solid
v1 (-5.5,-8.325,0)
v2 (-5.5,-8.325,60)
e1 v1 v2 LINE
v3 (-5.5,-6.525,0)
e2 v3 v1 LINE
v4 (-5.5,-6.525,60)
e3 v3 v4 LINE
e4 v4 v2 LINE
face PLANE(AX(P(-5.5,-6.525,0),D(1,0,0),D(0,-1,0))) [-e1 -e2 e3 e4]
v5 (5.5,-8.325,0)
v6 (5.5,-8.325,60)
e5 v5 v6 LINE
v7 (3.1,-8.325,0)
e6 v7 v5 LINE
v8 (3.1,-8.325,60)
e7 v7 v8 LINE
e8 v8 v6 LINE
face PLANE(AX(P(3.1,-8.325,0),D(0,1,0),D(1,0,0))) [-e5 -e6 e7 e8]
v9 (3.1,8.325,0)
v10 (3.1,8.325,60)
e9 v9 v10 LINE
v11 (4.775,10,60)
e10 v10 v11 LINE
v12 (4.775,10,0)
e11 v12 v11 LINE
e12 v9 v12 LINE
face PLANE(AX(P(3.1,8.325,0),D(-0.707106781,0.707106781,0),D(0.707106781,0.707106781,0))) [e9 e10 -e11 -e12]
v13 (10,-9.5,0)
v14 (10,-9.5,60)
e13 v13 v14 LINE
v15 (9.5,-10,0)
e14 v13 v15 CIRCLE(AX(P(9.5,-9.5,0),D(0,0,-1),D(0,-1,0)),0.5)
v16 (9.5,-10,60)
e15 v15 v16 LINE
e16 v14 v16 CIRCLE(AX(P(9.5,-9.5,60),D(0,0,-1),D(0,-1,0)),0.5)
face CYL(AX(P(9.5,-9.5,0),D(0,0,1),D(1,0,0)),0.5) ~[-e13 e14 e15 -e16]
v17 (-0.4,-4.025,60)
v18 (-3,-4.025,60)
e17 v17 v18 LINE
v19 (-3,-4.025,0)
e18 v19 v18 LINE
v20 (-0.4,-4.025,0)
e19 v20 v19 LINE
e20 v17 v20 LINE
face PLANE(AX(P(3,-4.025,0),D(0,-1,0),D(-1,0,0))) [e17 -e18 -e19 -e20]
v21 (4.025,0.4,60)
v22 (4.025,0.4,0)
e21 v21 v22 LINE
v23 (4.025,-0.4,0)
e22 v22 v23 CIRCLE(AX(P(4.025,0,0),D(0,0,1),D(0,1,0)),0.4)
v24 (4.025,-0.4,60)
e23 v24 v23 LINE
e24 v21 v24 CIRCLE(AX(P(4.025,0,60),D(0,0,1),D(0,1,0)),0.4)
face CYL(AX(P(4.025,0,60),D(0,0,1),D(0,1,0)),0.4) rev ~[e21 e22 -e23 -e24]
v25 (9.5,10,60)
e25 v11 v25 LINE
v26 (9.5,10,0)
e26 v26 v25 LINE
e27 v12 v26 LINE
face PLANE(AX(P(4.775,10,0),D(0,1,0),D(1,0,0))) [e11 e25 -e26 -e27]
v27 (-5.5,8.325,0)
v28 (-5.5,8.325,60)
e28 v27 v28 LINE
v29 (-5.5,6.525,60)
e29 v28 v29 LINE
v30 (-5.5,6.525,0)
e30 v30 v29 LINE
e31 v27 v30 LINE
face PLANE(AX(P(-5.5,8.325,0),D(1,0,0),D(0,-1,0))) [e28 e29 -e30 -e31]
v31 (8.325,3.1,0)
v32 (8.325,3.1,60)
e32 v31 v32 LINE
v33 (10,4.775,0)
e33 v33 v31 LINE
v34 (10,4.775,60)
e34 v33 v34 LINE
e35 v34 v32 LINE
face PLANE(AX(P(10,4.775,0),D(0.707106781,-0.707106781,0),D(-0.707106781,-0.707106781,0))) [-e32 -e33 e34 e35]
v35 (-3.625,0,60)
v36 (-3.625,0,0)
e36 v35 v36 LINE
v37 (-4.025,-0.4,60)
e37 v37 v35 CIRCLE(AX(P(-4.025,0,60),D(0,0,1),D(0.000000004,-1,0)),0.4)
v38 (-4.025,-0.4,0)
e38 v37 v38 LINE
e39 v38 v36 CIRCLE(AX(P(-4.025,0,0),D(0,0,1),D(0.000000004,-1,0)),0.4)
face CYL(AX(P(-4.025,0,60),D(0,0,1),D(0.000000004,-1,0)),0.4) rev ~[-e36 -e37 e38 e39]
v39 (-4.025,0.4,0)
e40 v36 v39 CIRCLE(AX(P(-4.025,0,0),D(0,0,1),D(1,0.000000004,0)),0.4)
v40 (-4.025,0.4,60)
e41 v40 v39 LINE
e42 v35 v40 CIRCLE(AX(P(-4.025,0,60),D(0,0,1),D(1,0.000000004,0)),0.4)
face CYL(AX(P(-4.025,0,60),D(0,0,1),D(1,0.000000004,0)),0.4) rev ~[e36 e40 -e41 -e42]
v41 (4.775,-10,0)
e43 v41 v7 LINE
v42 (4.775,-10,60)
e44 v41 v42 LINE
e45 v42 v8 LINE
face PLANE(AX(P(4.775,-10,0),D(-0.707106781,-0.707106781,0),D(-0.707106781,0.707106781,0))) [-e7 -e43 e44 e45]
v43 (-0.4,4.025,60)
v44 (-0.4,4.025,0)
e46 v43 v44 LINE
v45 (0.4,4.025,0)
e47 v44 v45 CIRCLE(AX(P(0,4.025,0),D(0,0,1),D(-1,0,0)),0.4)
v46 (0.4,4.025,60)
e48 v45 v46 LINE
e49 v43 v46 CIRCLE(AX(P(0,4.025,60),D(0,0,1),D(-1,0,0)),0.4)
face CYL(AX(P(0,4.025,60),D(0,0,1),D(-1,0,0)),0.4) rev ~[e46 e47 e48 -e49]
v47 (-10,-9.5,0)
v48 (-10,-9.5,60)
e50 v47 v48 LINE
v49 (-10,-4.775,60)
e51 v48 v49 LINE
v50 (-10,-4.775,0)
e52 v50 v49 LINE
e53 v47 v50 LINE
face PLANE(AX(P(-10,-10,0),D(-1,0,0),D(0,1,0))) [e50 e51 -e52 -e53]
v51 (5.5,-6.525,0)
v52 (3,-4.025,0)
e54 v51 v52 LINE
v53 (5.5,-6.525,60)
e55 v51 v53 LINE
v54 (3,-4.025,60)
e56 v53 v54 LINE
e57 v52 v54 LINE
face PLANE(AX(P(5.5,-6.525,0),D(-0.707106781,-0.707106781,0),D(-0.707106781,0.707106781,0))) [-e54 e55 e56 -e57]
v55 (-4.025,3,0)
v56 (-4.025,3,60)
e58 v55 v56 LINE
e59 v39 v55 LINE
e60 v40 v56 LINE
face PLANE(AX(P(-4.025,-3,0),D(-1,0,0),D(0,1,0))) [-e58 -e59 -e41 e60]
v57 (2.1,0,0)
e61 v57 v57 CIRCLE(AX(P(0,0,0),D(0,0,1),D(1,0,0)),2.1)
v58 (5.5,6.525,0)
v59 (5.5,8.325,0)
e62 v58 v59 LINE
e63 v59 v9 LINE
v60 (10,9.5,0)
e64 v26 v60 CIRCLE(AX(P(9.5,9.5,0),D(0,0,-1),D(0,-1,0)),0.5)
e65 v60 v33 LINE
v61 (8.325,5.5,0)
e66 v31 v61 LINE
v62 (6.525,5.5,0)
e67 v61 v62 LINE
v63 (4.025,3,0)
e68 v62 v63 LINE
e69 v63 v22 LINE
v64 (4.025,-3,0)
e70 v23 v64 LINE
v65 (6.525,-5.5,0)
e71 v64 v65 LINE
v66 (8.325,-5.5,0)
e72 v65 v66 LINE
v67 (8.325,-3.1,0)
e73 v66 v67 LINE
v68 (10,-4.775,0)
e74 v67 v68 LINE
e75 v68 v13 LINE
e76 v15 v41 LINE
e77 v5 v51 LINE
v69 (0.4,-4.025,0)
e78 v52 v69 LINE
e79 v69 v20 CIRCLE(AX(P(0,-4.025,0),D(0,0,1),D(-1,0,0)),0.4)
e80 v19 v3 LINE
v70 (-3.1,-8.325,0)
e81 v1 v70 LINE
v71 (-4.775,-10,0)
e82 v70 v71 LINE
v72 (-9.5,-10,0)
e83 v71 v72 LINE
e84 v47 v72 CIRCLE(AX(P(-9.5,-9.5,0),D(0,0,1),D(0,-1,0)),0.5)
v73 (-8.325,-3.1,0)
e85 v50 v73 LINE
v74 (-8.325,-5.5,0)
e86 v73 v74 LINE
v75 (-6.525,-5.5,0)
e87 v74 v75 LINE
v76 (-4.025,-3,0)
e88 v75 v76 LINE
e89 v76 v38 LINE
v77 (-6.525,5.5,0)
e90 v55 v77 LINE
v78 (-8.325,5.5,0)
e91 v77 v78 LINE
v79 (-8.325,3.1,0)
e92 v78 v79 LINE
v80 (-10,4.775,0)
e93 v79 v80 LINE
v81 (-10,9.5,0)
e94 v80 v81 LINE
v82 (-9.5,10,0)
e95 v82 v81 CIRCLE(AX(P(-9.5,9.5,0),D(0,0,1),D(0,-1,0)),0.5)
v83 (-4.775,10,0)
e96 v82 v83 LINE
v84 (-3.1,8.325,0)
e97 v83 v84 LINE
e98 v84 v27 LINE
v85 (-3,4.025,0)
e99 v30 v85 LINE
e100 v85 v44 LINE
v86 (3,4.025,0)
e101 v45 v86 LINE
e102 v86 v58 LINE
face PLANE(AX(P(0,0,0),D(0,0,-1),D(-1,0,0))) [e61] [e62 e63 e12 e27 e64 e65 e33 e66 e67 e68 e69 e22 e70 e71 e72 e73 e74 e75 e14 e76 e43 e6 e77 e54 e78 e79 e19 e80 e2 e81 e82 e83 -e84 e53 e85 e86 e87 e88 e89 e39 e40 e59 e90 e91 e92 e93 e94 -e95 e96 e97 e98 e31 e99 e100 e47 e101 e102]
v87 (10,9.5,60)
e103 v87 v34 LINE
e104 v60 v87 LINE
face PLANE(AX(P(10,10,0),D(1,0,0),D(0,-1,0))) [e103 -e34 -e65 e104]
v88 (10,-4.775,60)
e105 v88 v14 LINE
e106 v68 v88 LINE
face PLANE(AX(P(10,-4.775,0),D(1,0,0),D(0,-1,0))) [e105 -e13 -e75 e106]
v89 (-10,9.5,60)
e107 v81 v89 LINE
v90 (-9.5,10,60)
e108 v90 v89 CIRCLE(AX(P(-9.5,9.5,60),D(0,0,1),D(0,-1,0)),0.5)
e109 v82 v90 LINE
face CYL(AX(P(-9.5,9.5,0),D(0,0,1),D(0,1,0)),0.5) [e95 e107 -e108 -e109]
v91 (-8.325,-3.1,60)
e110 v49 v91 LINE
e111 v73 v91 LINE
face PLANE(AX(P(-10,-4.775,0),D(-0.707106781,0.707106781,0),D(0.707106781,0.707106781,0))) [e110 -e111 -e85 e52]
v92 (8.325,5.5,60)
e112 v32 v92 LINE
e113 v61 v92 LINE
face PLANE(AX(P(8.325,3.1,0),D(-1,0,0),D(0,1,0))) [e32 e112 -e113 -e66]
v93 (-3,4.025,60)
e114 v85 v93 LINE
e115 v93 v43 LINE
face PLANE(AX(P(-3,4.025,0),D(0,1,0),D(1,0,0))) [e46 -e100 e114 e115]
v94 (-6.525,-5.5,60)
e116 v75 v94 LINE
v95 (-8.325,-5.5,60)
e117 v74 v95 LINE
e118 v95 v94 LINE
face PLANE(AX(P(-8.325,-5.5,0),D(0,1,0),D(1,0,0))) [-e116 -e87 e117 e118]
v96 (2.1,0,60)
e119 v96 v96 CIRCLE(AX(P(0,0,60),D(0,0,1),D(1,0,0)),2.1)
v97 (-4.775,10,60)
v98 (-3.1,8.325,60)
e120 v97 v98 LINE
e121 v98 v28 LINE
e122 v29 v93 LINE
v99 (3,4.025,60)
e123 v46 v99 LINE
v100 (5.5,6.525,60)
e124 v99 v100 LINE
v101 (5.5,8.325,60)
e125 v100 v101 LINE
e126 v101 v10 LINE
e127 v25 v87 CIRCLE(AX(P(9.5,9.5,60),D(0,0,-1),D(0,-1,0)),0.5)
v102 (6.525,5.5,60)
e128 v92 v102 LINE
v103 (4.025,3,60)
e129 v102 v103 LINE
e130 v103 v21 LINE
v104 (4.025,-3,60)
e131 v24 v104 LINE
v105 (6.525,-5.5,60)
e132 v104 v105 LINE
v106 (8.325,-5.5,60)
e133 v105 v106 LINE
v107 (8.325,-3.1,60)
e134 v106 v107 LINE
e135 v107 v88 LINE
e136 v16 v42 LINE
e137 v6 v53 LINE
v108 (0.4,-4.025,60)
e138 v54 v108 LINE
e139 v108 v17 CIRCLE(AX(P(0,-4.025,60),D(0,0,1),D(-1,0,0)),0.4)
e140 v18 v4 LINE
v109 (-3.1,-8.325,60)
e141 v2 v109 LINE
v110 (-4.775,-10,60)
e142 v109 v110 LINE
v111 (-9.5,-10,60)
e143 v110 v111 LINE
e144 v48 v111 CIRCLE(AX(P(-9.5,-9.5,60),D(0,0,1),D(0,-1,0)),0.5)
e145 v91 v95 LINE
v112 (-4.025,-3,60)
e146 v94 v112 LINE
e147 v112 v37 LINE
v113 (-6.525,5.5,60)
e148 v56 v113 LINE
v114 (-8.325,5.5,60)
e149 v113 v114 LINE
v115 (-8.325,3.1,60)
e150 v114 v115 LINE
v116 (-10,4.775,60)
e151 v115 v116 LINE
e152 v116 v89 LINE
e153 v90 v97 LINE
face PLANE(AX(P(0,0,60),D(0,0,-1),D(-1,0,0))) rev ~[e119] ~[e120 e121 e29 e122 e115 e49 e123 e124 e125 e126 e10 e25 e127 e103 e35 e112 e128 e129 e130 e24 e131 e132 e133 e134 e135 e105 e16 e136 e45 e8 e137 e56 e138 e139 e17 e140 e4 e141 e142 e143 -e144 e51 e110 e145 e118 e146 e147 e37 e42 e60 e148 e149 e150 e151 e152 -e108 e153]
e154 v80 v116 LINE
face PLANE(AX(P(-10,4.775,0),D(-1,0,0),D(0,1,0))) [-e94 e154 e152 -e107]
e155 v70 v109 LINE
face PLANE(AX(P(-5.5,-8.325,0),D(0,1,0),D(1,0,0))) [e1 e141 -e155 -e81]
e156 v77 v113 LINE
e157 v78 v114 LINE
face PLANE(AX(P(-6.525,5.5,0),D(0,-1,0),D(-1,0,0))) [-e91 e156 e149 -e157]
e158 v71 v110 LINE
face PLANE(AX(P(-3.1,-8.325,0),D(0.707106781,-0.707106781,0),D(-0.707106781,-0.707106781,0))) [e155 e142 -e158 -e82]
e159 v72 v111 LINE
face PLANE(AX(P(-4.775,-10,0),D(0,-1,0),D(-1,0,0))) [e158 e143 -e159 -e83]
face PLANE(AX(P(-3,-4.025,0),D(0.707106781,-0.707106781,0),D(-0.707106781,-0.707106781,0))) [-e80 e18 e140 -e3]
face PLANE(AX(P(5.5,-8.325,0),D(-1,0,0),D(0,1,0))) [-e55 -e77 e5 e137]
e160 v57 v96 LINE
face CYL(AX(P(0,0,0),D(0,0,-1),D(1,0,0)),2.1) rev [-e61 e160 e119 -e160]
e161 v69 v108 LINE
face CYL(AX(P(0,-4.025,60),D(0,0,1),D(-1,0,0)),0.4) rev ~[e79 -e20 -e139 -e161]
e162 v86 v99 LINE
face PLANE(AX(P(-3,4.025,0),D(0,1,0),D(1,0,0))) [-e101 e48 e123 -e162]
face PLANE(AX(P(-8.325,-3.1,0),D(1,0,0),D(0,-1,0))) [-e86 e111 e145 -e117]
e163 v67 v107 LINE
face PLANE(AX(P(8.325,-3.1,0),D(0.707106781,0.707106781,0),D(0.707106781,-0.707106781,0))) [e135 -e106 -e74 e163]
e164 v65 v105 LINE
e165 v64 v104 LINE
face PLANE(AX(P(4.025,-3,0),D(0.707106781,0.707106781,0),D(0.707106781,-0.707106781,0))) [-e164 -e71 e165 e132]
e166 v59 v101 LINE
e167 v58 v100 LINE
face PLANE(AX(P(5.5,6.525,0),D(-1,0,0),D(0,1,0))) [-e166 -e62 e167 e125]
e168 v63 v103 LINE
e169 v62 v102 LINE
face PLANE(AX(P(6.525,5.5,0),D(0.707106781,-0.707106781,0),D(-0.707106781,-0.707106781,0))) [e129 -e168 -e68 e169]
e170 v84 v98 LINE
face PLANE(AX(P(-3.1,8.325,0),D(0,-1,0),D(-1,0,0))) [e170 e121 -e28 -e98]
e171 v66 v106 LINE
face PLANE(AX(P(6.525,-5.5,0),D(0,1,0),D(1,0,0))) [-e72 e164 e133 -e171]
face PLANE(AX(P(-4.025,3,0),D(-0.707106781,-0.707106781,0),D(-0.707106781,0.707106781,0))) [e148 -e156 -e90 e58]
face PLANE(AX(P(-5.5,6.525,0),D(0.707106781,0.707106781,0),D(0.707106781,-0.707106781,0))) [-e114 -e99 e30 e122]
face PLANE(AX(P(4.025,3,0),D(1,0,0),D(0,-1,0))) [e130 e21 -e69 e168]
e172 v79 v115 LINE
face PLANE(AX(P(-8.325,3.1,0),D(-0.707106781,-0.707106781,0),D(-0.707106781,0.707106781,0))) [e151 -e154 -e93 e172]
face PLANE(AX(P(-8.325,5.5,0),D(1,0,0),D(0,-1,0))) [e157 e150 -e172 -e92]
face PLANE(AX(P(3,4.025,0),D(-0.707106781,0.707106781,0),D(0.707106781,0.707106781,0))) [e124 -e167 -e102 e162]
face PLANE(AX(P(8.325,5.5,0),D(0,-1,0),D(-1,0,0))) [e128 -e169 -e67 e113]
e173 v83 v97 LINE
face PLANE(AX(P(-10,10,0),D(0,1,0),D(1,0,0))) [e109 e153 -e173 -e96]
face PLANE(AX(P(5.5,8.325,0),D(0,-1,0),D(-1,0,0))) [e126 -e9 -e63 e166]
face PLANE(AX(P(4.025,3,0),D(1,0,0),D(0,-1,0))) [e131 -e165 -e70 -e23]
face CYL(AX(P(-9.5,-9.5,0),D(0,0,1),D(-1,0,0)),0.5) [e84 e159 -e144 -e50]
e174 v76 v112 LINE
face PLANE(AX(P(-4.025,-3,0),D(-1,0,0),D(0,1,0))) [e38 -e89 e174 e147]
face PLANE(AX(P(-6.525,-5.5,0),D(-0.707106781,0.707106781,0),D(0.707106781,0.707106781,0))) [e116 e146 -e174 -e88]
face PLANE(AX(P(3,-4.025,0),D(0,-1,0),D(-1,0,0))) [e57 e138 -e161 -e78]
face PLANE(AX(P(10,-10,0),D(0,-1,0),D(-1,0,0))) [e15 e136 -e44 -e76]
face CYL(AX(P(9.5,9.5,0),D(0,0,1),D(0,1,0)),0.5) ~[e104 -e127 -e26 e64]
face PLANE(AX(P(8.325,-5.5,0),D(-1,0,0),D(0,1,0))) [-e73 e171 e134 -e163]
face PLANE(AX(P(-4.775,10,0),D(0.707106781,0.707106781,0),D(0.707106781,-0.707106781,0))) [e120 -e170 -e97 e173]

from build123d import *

# Parameters (mm, degrees)
SKETCH1_R           = 2.1
BOSS_EXTRUDE1_DEPTH = 60
FILLET1_R           = 0.5
CUT_EXTRUDE1_DEPTH  = 62.64414003


with BuildPart() as part:
    # Sketch1 → Boss-Extrude1 (new body)
    with BuildSketch(Plane.XY):
        Polygon((-10, 10), (-4.775, 10), (-3.1, 8.325), (-5.5, 8.325), (-5.5, 6.525), (-3, 4.025), (3, 4.025), (5.5, 6.525), (5.5, 8.325), (3.1, 8.325), (4.775, 10), (10, 10), (10, 4.775), (8.325, 3.1), (8.325, 5.5), (6.525, 5.5), (4.025, 3), (4.025, -3), (6.525, -5.5), (8.325, -5.5), (8.325, -3.1), (10, -4.775), (10, -10), (4.775, -10), (3.1, -8.325), (5.5, -8.325), (5.5, -6.525), (3, -4.025), (-3, -4.025), (-5.5, -6.525), (-5.5, -8.325), (-3.1, -8.325), (-4.775, -10), (-10, -10), (-10, -4.775), (-8.325, -3.1), (-8.325, -5.5), (-6.525, -5.5), (-4.025, -3), (-4.025, 3), (-6.525, 5.5), (-8.325, 5.5), (-8.325, 3.1), (-10, 4.775), align=None)
        Circle(SKETCH1_R, mode=Mode.SUBTRACT)
    extrude(amount=BOSS_EXTRUDE1_DEPTH)

    # Fillet1
    fillet1_edges = [part.edges().sort_by_distance(p)[0] for p in [
        (10, -10, 30),
        (-10, -10, 30),
        (-10, 10, 30),
        (10, 10, 30),
    ]]
    fillet(fillet1_edges, radius=FILLET1_R)

    # Sketch2 → Cut-Extrude1 (cut, through all)
    with BuildSketch(Plane.XY.offset(60)):
        with BuildLine():
            ThreePointArc((-4.025, 0.4), (-4.425, 0), (-4.025, -0.4))
            Line((-4.025, -0.4), (-4.025, 0.4))
        make_face()
        with BuildLine():
            Line((-4.025, 0.4), (-4.025, -0.4))
            ThreePointArc((-4.025, -0.4), (-3.742157288, -0.282842712), (-3.625, 0))
            ThreePointArc((-3.625, 0), (-3.742157288, 0.282842712), (-4.025, 0.4))
        make_face()
        with BuildLine():
            ThreePointArc((0.4, 4.025), (0, 4.425), (-0.4, 4.025))
            Line((-0.4, 4.025), (0.4, 4.025))
        make_face()
        with BuildLine():
            Line((0.4, 4.025), (-0.4, 4.025))
            ThreePointArc((-0.4, 4.025), (0, 3.625), (0.4, 4.025))
        make_face()
        with BuildLine():
            ThreePointArc((4.025, 0.4), (3.625, 0), (4.025, -0.4))
            Line((4.025, -0.4), (4.025, 0.4))
        make_face()
        with BuildLine():
            Line((4.025, 0.4), (4.025, -0.4))
            ThreePointArc((4.025, -0.4), (4.307842712, -0.282842712), (4.425, 0))
            ThreePointArc((4.425, 0), (4.307842712, 0.282842712), (4.025, 0.4))
        make_face()
        with BuildLine():
            ThreePointArc((0.4, -4.025), (0, -3.625), (-0.4, -4.025))
            Line((-0.4, -4.025), (0.4, -4.025))
        make_face()
        with BuildLine():
            Line((0.4, -4.025), (-0.4, -4.025))
            ThreePointArc((-0.4, -4.025), (0, -4.425), (0.4, -4.025))
        make_face()
    extrude(amount=-CUT_EXTRUDE1_DEPTH, mode=Mode.SUBTRACT)


solid = part.part
